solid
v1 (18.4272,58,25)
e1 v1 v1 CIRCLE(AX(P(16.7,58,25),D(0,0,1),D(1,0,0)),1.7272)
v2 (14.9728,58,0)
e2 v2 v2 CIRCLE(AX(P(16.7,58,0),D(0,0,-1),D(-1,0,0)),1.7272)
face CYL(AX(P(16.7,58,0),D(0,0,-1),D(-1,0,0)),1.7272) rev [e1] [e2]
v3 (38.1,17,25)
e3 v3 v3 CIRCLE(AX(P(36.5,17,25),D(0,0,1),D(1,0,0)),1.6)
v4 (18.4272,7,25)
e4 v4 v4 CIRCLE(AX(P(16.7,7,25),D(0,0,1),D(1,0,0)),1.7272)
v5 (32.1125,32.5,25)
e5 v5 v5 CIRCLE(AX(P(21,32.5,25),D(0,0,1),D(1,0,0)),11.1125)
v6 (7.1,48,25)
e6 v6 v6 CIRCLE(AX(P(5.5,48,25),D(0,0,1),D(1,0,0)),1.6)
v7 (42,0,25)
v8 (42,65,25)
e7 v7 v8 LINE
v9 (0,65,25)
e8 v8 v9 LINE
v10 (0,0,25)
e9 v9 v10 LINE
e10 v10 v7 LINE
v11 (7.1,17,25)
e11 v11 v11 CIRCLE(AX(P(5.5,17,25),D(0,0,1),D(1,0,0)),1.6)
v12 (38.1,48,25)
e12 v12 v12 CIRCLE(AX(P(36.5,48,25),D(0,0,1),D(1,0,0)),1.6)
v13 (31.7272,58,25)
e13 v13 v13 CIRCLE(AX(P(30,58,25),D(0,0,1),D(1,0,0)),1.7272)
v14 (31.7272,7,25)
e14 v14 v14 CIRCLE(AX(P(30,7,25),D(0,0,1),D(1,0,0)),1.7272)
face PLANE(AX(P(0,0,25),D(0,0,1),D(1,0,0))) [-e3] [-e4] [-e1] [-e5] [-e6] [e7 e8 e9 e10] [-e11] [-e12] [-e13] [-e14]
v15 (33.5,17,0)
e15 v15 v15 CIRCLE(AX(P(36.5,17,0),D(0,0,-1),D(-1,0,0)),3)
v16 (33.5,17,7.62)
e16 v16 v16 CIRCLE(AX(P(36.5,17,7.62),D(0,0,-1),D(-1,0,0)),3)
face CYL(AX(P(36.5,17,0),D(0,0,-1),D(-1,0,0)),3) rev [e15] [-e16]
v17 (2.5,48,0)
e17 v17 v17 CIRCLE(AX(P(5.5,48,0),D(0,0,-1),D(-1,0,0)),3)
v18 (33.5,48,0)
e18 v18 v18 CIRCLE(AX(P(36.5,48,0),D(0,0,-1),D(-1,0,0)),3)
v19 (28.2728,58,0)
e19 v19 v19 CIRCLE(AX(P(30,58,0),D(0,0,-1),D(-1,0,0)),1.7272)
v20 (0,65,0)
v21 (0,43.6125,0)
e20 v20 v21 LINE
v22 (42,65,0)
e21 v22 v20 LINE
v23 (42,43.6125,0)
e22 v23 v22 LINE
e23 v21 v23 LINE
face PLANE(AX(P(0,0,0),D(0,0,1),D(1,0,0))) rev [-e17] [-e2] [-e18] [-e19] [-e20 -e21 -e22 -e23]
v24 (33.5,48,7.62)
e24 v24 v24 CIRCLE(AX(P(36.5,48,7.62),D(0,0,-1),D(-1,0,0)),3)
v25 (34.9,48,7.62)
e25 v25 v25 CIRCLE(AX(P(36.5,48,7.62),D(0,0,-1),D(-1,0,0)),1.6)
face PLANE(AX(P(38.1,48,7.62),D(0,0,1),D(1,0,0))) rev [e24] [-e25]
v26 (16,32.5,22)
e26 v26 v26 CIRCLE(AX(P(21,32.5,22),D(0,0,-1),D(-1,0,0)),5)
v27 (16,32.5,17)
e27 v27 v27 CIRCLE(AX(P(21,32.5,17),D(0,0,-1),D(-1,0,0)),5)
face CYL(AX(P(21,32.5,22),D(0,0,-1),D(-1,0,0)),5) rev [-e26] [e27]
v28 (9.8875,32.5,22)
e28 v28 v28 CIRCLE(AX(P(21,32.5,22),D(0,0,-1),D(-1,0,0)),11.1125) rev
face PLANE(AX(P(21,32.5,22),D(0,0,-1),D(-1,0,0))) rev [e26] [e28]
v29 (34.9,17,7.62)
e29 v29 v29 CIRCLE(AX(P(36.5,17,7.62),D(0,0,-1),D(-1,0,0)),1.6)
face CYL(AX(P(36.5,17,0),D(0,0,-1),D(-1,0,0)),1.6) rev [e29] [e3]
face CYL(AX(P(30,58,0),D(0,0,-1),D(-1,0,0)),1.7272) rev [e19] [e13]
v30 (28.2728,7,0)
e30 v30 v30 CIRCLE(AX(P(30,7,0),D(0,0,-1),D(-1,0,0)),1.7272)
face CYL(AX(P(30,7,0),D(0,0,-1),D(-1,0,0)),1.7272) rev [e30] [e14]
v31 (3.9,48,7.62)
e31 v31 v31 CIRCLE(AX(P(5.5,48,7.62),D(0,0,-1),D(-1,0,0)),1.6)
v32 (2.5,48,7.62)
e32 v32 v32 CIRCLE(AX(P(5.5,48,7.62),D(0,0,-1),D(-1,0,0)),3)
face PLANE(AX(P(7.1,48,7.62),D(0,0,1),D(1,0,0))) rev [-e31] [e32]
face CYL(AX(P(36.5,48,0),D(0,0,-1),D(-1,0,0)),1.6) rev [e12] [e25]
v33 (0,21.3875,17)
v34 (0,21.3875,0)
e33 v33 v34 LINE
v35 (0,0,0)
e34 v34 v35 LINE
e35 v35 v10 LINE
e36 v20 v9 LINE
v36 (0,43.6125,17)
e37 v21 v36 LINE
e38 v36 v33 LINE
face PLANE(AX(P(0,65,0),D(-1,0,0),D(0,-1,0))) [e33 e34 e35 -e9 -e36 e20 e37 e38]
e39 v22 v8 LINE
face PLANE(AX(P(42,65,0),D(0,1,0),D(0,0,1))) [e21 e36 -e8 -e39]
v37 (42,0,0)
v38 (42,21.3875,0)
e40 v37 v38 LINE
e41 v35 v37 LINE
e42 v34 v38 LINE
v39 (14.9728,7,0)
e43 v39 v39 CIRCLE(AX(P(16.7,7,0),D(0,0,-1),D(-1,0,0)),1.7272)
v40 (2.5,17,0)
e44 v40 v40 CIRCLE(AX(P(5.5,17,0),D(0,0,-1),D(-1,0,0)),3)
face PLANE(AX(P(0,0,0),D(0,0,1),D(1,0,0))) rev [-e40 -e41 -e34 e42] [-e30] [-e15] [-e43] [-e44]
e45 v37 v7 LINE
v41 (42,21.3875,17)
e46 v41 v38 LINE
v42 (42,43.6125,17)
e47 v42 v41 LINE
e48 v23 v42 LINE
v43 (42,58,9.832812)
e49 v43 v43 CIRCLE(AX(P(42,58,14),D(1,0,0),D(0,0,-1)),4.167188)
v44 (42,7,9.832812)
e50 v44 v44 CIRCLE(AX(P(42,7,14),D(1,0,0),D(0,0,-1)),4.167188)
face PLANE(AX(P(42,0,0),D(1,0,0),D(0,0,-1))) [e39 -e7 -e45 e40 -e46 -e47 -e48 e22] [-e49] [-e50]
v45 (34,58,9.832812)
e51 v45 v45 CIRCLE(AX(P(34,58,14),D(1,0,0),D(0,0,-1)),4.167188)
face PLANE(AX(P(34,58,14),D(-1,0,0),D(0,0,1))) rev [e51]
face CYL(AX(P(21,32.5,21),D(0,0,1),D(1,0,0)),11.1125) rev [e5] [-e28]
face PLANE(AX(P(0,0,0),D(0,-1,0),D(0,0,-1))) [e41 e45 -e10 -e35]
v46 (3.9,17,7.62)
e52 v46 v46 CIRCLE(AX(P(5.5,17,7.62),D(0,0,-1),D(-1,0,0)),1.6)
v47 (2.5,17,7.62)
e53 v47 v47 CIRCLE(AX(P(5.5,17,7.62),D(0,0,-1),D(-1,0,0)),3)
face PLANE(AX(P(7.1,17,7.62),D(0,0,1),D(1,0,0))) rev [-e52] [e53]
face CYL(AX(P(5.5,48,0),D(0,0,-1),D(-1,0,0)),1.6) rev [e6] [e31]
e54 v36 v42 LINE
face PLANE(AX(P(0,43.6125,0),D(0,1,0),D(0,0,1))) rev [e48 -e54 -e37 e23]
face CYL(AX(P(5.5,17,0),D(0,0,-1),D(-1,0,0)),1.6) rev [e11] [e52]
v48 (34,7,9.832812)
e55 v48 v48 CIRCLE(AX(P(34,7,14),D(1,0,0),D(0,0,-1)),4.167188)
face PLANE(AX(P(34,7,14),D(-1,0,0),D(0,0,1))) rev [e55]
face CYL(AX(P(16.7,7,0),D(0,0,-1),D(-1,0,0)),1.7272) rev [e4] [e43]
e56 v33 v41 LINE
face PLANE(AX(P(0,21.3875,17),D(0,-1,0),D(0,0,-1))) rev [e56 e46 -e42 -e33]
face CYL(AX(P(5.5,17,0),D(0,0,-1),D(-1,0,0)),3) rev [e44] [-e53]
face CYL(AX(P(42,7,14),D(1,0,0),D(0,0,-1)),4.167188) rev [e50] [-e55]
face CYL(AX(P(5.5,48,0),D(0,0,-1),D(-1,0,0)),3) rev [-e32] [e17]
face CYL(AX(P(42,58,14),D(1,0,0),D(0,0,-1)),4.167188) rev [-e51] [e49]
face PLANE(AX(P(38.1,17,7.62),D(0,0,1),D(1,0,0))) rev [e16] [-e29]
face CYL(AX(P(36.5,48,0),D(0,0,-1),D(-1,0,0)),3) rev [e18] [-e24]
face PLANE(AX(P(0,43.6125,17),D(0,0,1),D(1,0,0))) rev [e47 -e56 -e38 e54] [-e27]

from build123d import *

# Parameters (mm, degrees)
ESBO_O1_W                                            = 42
ESBO_O1_H                                            = 65
RESSALTO_EXTRUS_O1_DEPTH                             = 21
ESBO_O2_W                                            = 17
ESBO_O2_H                                            = 22.225
CORTE_EXTRUS_O1_DEPTH                                = 43
FURO_COM_FOLGA_DE_M31_D                              = 3.4544
FURO_COM_FOLGA_DE_M31_DEPTH                          = 21
FURO_COM_FOLGA_DE_M201_D                             = 22.225
FURO_COM_FOLGA_DE_M201_DEPTH                         = 21
REBAIXO_PARA_PARAFUSO_DE_M_QUINA_DE_CABE_D           = 3.2
REBAIXO_PARA_PARAFUSO_DE_M_QUINA_DE_CABE_DEPTH       = 21
REBAIXO_PARA_PARAFUSO_DE_M_QUINA_DE_CABE_CBORE_D     = 6
REBAIXO_PARA_PARAFUSO_DE_M_QUINA_DE_CABE_CBORE_DEPTH = 7.62
FURO1_D                                              = 8.334375
FURO1_DEPTH                                          = 8
ESBO_O11_W                                           = 42
ESBO_O11_H                                           = 65
ESBO_O11_R                                           = 11.1125
ESBO_O11_R_2                                         = 1.7272
ESBO_O11_R_3                                         = 1.6
RESSALTO_EXTRUS_O2_DEPTH                             = 4
ESBO_O13_R                                           = 11.1125
ESBO_O13_R_2                                         = 5
RESSALTO_EXTRUS_O3_DEPTH                             = 5


with BuildPart() as part:
    # Esboço1 → Ressalto-extrusão1 (new body)
    with BuildSketch(Plane.XY.offset(21)):
        with Locations((21, 32.5)):
            Rectangle(ESBO_O1_W, ESBO_O1_H)
    extrude(amount=-RESSALTO_EXTRUS_O1_DEPTH)

    # Esboço2 → Corte-extrusão1 (cut, through all)
    with BuildSketch(Plane(origin=(42, 0, 0), x_dir=(0, 0, -1), z_dir=(1, 0, 0))):
        with Locations((-8.5, 32.5)):
            Rectangle(ESBO_O2_W, ESBO_O2_H)
    extrude(amount=-CORTE_EXTRUS_O1_DEPTH, mode=Mode.SUBTRACT)

    # Furo com folga de M31
    with Locations(Plane(origin=(0, 0, 0), x_dir=(-1, 0, 0), z_dir=(0, 0, -1))):
        with Locations((-30, 7), (-16.7, 7), (-16.7, 58), (-30, 58)):
            Hole(FURO_COM_FOLGA_DE_M31_D / 2, depth=FURO_COM_FOLGA_DE_M31_DEPTH)

    # Furo com folga de M201
    with Locations(Plane.XY.offset(21)):
        with Locations((21, 32.5)):
            Hole(FURO_COM_FOLGA_DE_M201_D / 2, depth=FURO_COM_FOLGA_DE_M201_DEPTH)

    # Rebaixo para parafuso de máquina de cabeça sextavada de M31
    with Locations(Plane(origin=(0, 0, 0), x_dir=(-1, 0, 0), z_dir=(0, 0, -1))):
        with Locations((-36.5, 17), (-5.5, 17), (-5.5, 48), (-36.5, 48)):
            CounterBoreHole(REBAIXO_PARA_PARAFUSO_DE_M_QUINA_DE_CABE_D / 2, REBAIXO_PARA_PARAFUSO_DE_M_QUINA_DE_CABE_CBORE_D / 2, REBAIXO_PARA_PARAFUSO_DE_M_QUINA_DE_CABE_CBORE_DEPTH, depth=REBAIXO_PARA_PARAFUSO_DE_M_QUINA_DE_CABE_DEPTH)

    # Furo1
    with Locations(Plane(origin=(42, 0, 0), x_dir=(0, 0, -1), z_dir=(1, 0, 0))):
        with Locations((-14, 7), (-14, 58)):
            Hole(FURO1_D / 2, depth=FURO1_DEPTH)

    # Esboço11 → Ressalto-extrusão2 (add)
    with BuildSketch(Plane.XY.offset(21)):
        with Locations((21, 32.5)):
            Rectangle(ESBO_O11_W, ESBO_O11_H)
        with Locations((21, 32.5)):
            Circle(ESBO_O11_R, mode=Mode.SUBTRACT)
        with Locations((16.7, 7)):
            Circle(ESBO_O11_R_2, mode=Mode.SUBTRACT)
        with Locations((30, 7)):
            Circle(ESBO_O11_R_2, mode=Mode.SUBTRACT)
        with Locations((5.5, 17)):
            Circle(ESBO_O11_R_3, mode=Mode.SUBTRACT)
        with Locations((5.5, 48)):
            Circle(ESBO_O11_R_3, mode=Mode.SUBTRACT)
        with Locations((16.7, 58)):
            Circle(ESBO_O11_R_2, mode=Mode.SUBTRACT)
        with Locations((36.5, 48)):
            Circle(ESBO_O11_R_3, mode=Mode.SUBTRACT)
        with Locations((30, 58)):
            Circle(ESBO_O11_R_2, mode=Mode.SUBTRACT)
        with Locations((36.5, 17)):
            Circle(ESBO_O11_R_3, mode=Mode.SUBTRACT)
    extrude(amount=RESSALTO_EXTRUS_O2_DEPTH)

    # Esboço13 → Ressalto-extrusão3 (add)
    with BuildSketch(Plane(origin=(0, 0, 17), x_dir=(-1, 0, 0), z_dir=(0, 0, -1))):
        with Locations((-21, 32.5)):
            Circle(ESBO_O13_R)
        with Locations((-21, 32.5)):
            Circle(ESBO_O13_R_2, mode=Mode.SUBTRACT)
    extrude(amount=-RESSALTO_EXTRUS_O3_DEPTH)


solid = part.part
